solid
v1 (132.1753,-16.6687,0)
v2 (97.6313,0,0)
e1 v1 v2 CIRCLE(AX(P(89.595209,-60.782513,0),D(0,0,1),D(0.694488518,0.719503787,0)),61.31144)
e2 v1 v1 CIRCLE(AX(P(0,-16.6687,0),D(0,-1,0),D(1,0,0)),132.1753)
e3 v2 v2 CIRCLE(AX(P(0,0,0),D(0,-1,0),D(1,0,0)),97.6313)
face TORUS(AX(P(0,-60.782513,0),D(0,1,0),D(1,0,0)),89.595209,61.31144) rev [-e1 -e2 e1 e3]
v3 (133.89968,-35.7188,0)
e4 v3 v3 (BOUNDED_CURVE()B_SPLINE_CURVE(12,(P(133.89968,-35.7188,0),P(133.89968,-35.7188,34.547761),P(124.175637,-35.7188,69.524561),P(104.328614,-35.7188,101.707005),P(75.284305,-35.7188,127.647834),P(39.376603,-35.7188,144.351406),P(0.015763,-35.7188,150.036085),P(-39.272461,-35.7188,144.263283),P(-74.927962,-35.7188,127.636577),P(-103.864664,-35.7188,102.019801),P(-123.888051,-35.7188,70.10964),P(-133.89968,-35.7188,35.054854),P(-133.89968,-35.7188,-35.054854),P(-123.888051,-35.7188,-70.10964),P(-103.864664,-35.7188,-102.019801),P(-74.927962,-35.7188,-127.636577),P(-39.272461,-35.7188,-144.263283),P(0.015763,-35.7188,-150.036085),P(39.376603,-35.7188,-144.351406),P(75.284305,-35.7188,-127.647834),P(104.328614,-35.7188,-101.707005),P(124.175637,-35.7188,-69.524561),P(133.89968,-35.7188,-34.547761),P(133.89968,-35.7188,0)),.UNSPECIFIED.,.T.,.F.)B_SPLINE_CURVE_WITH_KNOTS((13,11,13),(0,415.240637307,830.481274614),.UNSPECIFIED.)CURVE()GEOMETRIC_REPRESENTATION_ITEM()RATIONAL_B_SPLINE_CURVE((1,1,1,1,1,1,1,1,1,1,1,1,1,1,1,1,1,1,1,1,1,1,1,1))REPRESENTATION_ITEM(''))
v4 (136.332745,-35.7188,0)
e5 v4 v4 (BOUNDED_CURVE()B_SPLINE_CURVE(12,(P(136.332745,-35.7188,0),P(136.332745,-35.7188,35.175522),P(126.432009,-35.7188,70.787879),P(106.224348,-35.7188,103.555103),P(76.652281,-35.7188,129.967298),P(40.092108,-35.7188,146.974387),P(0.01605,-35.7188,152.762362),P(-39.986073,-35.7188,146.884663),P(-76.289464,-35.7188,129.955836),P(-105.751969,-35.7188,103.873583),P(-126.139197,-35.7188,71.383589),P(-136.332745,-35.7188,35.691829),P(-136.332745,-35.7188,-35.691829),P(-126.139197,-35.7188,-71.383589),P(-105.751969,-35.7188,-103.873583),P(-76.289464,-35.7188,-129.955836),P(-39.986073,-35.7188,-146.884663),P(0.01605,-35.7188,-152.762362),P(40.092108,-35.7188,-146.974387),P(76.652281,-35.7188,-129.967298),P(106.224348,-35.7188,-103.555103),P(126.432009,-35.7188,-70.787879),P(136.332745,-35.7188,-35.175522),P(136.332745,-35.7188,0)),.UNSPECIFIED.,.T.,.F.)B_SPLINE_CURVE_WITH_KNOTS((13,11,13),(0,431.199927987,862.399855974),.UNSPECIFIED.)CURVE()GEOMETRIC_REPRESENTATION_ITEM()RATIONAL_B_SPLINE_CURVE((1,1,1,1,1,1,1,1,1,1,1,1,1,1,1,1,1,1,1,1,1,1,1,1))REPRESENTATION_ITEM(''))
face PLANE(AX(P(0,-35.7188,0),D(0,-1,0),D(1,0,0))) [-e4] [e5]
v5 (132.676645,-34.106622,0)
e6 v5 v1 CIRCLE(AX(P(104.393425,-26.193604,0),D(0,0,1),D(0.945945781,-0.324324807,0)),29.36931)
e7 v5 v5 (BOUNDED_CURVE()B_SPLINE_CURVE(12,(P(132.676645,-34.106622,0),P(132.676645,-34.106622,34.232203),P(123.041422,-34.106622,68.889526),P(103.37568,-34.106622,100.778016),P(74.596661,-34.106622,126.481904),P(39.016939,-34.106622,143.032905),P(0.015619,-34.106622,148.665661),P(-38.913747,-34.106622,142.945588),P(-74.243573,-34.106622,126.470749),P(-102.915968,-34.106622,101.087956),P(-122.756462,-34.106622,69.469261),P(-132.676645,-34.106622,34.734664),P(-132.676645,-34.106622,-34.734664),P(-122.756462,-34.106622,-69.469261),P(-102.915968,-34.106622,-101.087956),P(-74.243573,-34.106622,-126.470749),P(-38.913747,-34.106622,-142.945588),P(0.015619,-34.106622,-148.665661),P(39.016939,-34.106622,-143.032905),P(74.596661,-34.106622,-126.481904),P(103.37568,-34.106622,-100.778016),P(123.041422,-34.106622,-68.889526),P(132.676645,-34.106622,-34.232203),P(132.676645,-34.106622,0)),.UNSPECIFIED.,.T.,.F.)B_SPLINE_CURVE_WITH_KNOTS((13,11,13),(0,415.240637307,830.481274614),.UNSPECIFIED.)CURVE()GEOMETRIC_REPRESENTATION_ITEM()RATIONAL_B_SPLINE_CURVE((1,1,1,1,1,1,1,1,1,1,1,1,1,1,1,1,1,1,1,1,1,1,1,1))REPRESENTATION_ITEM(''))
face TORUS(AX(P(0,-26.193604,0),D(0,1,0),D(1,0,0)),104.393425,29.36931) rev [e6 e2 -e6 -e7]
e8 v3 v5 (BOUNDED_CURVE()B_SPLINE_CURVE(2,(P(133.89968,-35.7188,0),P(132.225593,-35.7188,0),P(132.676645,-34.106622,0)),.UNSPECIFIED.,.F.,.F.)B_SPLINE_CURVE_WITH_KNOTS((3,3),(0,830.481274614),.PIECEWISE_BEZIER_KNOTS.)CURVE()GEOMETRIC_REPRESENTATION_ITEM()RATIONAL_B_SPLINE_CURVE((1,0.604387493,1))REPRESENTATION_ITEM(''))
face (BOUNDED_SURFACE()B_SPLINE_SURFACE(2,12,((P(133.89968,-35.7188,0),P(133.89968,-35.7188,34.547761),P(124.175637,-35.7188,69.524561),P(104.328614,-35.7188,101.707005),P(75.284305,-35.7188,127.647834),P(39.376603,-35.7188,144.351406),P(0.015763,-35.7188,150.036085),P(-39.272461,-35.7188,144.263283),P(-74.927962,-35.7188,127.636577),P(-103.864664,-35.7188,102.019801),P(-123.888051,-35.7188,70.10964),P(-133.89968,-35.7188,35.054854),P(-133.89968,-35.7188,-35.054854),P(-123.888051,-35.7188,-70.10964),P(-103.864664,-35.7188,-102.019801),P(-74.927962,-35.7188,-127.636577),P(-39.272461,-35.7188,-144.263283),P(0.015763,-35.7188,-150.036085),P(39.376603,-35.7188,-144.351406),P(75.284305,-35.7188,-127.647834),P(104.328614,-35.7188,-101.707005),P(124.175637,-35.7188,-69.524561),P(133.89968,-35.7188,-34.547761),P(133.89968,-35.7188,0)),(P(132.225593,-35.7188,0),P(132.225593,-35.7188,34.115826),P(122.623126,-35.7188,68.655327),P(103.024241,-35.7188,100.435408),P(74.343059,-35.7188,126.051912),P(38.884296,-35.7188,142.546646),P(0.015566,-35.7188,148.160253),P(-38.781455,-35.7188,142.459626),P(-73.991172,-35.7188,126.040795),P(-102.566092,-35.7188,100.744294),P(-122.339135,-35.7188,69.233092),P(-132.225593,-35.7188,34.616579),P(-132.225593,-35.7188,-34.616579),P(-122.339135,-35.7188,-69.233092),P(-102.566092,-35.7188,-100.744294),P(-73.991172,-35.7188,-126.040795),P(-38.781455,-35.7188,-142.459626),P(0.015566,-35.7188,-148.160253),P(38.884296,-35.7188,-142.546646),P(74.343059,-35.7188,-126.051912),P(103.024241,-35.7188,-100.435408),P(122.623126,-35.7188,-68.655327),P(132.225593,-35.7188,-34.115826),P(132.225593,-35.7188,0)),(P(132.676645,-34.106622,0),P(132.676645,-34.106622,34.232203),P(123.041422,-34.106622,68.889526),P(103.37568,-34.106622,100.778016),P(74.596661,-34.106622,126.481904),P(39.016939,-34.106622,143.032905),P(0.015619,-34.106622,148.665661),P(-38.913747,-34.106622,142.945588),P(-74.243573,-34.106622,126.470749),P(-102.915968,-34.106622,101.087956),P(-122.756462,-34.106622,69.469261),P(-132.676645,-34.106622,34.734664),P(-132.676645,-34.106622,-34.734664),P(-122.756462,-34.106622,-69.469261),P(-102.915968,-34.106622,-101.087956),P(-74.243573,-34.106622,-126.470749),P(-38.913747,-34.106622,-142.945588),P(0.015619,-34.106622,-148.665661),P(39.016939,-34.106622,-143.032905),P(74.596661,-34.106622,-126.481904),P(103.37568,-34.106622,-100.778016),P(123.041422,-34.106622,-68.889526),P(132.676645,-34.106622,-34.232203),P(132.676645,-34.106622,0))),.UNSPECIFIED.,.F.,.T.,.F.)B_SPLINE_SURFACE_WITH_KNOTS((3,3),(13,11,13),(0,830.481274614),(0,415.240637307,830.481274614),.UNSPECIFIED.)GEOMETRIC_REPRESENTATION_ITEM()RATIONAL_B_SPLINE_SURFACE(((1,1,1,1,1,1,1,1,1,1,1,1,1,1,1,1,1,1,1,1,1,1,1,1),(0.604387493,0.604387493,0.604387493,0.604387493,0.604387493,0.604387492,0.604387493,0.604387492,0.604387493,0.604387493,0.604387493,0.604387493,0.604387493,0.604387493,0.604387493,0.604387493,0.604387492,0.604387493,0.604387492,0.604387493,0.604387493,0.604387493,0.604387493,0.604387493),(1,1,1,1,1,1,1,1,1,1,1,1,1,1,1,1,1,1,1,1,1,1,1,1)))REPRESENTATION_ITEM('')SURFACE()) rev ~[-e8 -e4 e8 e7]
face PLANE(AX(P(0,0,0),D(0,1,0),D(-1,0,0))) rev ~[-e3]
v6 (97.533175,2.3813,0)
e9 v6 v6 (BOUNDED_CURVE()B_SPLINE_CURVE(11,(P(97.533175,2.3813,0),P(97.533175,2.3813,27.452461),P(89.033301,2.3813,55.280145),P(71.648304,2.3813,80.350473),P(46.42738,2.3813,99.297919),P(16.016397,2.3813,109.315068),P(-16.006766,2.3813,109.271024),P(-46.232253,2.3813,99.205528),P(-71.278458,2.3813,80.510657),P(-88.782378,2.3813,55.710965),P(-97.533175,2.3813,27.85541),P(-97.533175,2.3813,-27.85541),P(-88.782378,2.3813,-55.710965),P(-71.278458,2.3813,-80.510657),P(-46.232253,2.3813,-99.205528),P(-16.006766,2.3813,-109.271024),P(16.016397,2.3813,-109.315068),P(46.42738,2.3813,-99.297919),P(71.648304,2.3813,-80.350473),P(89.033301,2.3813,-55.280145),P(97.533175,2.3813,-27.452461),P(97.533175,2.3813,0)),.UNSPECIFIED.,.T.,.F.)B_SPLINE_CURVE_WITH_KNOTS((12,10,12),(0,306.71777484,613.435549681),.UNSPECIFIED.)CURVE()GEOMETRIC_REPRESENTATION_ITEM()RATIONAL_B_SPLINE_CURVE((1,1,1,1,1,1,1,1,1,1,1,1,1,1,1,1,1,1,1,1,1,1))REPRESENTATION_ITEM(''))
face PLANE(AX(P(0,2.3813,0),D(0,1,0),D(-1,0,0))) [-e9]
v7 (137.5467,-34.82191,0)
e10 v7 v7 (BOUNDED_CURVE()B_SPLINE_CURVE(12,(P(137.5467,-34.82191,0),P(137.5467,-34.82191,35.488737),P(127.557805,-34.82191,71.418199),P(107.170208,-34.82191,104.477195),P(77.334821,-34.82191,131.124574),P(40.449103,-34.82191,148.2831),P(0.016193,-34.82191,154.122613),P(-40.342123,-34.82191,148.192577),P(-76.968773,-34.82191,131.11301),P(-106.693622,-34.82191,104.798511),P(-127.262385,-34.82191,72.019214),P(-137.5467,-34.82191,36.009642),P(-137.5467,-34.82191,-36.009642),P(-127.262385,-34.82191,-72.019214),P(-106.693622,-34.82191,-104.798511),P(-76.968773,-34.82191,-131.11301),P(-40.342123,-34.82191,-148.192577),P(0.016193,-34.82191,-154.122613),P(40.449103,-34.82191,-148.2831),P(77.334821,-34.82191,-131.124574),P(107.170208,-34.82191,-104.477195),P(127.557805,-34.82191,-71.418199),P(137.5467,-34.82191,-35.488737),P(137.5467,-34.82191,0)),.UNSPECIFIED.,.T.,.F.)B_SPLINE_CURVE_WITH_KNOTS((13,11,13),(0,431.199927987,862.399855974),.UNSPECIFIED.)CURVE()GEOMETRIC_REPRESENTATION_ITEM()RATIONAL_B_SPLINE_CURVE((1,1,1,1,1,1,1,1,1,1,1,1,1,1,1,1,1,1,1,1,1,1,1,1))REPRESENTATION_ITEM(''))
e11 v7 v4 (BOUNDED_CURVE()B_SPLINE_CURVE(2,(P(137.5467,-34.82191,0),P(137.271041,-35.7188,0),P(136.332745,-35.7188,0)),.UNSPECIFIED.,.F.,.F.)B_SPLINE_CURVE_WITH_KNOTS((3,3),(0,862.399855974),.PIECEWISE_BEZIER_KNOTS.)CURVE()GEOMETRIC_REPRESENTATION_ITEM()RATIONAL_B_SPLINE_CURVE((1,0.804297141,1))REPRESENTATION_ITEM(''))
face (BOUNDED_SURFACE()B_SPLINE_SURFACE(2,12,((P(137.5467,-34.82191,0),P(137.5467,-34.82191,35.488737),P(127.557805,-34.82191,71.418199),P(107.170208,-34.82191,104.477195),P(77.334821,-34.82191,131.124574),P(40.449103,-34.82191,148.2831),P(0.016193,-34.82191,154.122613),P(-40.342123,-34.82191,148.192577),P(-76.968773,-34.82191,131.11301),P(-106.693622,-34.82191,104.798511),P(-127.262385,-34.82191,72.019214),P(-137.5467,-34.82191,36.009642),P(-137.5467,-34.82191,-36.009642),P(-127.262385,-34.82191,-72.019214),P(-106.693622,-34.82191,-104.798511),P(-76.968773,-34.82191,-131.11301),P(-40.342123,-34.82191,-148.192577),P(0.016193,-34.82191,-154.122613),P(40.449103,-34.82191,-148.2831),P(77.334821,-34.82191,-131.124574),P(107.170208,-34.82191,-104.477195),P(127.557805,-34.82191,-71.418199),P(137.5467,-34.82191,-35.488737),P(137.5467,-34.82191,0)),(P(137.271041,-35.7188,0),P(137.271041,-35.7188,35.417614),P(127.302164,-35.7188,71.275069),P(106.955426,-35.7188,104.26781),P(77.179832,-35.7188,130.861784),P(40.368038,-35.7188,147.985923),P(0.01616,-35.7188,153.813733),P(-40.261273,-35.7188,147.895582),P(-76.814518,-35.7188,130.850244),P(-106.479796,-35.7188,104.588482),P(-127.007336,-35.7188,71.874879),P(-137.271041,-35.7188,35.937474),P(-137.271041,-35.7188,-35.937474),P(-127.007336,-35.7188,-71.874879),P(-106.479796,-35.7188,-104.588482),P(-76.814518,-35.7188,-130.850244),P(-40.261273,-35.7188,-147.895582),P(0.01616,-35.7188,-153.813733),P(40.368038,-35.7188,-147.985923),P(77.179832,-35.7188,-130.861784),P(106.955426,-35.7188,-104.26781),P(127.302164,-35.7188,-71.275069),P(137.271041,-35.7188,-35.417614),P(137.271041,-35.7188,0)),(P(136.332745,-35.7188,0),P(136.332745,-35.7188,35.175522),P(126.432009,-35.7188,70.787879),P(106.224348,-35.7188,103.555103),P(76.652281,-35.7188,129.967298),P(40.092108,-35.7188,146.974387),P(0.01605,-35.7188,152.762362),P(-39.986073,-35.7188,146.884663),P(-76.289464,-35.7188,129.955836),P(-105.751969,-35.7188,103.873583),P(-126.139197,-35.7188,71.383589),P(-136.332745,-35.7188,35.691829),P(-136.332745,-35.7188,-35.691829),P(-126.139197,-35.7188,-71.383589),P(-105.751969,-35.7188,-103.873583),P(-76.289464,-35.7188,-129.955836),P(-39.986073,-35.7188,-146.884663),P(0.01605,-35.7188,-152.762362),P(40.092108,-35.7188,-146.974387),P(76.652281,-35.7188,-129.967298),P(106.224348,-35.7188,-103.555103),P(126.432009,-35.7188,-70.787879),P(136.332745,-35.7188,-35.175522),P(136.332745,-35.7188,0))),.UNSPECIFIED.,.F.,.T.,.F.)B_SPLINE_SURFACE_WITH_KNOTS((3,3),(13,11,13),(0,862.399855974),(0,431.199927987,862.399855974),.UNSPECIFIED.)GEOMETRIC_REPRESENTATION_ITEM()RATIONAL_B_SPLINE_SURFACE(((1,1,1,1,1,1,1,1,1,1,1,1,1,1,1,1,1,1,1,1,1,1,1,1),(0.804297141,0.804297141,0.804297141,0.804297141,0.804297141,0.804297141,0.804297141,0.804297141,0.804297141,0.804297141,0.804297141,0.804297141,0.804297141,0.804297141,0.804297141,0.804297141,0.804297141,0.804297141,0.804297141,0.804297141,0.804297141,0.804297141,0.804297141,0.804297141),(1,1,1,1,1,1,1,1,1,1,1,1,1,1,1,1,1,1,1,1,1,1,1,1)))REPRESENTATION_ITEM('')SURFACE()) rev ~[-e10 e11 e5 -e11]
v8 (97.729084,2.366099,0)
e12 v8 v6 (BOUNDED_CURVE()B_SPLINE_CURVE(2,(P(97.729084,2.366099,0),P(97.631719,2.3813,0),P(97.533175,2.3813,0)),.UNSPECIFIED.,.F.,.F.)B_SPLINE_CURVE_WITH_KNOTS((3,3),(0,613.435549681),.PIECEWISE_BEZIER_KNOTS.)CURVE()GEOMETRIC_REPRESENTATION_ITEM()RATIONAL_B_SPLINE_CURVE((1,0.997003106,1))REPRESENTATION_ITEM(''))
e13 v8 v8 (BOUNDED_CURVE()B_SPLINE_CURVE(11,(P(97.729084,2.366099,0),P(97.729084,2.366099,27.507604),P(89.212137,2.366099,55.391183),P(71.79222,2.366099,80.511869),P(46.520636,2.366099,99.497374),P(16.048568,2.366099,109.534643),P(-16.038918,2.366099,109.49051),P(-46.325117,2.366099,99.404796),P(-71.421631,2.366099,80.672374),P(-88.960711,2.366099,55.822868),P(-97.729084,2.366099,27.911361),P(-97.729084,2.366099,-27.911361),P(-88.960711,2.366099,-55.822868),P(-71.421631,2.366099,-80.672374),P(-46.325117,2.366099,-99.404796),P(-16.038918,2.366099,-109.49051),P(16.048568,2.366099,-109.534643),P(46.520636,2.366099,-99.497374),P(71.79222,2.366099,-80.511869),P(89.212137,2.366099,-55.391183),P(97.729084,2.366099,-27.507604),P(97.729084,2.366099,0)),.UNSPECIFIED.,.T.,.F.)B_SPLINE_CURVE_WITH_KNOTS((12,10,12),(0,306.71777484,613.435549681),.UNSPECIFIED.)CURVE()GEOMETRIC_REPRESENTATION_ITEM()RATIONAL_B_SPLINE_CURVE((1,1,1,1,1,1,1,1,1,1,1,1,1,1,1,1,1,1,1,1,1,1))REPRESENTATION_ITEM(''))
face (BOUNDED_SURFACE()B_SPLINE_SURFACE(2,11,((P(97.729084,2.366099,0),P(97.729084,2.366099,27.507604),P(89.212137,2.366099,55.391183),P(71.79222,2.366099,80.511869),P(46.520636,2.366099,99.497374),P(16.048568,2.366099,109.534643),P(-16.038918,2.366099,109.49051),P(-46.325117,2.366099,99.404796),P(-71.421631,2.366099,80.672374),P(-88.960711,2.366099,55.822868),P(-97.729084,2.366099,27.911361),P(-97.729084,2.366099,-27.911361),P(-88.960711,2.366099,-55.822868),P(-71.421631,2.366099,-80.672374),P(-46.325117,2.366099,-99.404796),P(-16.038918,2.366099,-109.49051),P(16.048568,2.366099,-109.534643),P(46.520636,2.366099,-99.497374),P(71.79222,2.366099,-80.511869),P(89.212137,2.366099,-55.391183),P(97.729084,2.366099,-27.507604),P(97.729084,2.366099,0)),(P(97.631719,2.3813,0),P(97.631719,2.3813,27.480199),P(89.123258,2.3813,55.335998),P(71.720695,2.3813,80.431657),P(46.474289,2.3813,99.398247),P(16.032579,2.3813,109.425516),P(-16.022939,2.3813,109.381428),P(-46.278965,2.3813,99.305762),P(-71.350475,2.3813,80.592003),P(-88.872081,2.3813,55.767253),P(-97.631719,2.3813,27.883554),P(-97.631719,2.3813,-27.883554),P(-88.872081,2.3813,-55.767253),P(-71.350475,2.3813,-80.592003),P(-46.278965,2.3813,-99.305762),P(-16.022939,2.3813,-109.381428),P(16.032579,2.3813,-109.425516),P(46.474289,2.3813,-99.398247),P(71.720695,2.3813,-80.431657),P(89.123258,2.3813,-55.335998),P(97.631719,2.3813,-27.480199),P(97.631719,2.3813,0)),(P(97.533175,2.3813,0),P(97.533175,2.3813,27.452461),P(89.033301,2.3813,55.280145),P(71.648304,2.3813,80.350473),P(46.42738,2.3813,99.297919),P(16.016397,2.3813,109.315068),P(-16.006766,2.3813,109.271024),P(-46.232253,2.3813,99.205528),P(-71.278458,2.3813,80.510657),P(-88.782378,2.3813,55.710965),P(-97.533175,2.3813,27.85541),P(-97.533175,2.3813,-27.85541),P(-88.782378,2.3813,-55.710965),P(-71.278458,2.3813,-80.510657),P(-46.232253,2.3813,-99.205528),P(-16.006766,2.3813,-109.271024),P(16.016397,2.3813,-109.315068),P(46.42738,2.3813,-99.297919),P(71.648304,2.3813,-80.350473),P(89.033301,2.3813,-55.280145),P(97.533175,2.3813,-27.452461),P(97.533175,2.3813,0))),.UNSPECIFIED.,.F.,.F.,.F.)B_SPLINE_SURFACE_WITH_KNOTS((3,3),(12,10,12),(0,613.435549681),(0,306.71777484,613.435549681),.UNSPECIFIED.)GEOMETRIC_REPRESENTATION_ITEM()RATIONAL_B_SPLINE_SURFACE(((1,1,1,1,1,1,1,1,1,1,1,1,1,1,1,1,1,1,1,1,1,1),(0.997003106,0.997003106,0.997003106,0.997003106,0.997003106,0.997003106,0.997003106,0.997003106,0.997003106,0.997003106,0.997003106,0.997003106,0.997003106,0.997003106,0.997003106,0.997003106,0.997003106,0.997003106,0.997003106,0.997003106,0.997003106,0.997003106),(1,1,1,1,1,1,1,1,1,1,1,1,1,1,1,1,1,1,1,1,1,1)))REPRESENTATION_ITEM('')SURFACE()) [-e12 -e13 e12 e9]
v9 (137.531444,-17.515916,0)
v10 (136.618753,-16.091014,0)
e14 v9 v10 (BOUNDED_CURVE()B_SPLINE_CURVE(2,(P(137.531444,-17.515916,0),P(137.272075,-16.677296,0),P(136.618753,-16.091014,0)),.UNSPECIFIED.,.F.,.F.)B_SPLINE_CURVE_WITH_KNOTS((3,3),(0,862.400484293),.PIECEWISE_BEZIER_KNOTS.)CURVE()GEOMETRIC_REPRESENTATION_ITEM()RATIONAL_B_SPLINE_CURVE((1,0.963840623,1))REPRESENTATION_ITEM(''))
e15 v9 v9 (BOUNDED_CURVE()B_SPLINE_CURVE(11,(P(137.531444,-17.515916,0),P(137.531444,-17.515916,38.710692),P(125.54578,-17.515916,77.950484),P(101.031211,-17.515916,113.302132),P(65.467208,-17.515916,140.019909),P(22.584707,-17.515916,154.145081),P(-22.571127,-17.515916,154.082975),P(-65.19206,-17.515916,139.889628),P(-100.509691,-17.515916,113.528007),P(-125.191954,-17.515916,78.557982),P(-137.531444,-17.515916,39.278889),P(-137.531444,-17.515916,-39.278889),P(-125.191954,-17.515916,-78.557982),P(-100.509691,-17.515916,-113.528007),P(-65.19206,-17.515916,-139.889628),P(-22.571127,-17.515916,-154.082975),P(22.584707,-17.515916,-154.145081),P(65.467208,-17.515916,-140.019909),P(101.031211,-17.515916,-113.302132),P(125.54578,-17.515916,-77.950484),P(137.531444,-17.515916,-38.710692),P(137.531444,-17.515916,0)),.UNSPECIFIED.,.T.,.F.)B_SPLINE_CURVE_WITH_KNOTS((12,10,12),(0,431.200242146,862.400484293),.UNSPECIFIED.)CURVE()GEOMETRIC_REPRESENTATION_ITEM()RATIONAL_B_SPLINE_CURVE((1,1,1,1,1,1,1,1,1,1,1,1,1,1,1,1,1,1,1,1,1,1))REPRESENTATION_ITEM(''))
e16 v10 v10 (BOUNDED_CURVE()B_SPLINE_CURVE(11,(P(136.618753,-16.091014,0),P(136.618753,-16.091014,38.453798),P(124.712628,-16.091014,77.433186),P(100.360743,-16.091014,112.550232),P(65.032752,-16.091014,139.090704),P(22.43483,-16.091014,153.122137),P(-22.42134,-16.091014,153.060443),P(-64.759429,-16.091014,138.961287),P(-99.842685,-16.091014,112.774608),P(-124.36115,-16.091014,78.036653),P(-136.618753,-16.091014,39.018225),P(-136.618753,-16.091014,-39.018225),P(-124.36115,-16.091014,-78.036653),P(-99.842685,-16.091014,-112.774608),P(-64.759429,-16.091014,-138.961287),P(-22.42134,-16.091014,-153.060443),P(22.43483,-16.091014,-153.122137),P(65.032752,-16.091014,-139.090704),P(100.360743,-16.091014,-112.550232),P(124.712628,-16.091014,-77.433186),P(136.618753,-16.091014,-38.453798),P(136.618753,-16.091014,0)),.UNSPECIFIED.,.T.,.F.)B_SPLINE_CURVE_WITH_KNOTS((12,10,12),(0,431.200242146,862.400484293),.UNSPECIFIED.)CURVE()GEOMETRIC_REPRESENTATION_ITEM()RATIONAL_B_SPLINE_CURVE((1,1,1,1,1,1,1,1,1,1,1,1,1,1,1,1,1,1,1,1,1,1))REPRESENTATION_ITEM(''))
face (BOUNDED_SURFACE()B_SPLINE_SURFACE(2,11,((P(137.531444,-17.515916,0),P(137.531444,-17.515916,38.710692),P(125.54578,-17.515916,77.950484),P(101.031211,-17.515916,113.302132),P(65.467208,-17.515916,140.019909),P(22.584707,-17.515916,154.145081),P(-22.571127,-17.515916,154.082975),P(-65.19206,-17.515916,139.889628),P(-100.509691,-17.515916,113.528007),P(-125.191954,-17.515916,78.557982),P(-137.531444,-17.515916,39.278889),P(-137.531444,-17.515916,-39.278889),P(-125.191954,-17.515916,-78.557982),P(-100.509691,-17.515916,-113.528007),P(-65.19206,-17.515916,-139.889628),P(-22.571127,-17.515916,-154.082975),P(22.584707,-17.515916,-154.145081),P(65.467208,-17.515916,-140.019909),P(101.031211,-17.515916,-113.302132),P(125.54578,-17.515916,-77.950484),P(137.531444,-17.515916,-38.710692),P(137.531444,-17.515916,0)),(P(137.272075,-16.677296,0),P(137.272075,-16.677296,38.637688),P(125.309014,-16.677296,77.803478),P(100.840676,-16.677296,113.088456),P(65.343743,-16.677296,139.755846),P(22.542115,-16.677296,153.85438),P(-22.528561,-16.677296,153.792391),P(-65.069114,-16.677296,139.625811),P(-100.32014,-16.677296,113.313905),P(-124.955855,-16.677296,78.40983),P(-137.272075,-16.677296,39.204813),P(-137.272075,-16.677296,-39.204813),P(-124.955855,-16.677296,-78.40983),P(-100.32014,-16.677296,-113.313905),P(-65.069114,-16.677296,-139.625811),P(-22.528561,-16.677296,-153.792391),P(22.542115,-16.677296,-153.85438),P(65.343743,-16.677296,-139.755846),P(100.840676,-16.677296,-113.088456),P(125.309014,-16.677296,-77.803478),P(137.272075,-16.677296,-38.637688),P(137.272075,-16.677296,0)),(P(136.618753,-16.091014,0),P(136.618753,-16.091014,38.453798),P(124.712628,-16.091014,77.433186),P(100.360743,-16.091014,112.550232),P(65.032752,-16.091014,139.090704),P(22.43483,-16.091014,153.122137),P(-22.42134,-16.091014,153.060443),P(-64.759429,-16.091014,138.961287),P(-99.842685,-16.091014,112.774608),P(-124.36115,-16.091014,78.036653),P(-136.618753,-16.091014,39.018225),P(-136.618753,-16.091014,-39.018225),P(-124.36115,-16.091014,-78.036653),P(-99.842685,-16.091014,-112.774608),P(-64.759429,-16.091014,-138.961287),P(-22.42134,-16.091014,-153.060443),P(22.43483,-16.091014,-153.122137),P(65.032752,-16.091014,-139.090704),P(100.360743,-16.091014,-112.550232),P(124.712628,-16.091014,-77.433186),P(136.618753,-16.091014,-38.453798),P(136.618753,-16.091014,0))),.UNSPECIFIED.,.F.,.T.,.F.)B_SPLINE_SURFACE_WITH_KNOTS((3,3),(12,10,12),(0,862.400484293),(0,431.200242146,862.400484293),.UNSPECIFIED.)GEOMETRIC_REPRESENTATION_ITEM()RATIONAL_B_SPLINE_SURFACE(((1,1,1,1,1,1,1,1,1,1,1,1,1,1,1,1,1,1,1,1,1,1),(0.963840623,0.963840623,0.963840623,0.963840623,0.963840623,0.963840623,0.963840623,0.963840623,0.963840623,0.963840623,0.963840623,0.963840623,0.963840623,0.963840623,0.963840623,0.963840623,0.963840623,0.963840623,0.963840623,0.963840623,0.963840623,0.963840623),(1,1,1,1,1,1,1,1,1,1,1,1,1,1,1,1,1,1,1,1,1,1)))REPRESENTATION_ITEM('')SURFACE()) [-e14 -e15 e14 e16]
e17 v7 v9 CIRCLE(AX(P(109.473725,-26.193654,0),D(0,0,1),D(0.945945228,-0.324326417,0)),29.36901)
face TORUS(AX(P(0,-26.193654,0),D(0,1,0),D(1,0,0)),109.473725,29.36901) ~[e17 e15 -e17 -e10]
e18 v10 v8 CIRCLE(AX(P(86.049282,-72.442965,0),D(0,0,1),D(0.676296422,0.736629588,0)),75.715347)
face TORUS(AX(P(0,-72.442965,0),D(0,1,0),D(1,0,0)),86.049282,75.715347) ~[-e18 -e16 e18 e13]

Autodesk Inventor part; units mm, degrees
ref_plane "YZ Plane" through (0, 0, 0) normal (1, 0, 0) x (0, 1, 0)
ref_plane "XZ Plane" through (0, 0, 0) normal (0, 1, 0) x (-1, 0, 0)
ref_plane "XY Plane" through (0, 0, 0) normal (0, 0, 1) x (1, 0, 0)
sketch "Sketch1" plane through (0, 0, 0) normal (0, 1, 0) x (-1, 0, 0)
  circle A0 centre (0, 0) radius 97.6313
  dimension "d1" = 195.2625
extrude "Extrusion1" add sketch "Sketch1" along normal blind 2.3813
sketch "Sketch2" plane through (0, 0, 0) normal (0, 0, 1) x (1, 0, 0)
  line L0 (97.6313, 2.3813) -> (-97.6313, 2.3813) projected
  line L1 (-97.6313, 0) -> (97.6313, 0) projected
  line L2 (97.6313, 2.3813) -> (97.6313, 0)
  line L3 (97.6313, 2.3813) -> (97.6313, -16.6688)
  arc A0 (137.2553, -16.6688) -> (97.6313, 2.3813) centre (86.0498, -72.4422) ccw
  arc A1 (132.1753, -16.6687) -> (97.6313, 0) centre (89.5948, -60.7831) ccw
  line L4 (0, 2.3813) -> (0, -35.7188)
  line L5 (137.2552, -35.7188) -> (132.1752, -35.7188)
  arc A2 (132.1752, -35.7188) -> (132.1753, -16.6687) centre (104.394, -26.1937) ccw
  arc A3 (137.2552, -35.7188) -> (137.2553, -16.6688) centre (109.474, -26.1937) ccw
  point P0 (0, 0)
  dimension "d14" = 19.05
revolve "Revolution1" add sketch "Sketch2" angle 360 about axis through (0, 2.3813, 0) along (0, -1, 0) contours A0 A3 L5 A2 A1 L2
fillet "Fillet1" radius 3.175 1 edges at (-137.2553, -16.6687, 0)
fillet "Fillet2" radius 1.27 1 edges at (-137.2553, -35.7187, 0)
fillet "Fillet3" radius 1.27 1 edges at (-97.6313, 2.3813, 0)
fillet "Fillet4" radius 1.27 1 edges at (-132.1753, -35.7187, 0)
properties part number "3061Frisbee"
